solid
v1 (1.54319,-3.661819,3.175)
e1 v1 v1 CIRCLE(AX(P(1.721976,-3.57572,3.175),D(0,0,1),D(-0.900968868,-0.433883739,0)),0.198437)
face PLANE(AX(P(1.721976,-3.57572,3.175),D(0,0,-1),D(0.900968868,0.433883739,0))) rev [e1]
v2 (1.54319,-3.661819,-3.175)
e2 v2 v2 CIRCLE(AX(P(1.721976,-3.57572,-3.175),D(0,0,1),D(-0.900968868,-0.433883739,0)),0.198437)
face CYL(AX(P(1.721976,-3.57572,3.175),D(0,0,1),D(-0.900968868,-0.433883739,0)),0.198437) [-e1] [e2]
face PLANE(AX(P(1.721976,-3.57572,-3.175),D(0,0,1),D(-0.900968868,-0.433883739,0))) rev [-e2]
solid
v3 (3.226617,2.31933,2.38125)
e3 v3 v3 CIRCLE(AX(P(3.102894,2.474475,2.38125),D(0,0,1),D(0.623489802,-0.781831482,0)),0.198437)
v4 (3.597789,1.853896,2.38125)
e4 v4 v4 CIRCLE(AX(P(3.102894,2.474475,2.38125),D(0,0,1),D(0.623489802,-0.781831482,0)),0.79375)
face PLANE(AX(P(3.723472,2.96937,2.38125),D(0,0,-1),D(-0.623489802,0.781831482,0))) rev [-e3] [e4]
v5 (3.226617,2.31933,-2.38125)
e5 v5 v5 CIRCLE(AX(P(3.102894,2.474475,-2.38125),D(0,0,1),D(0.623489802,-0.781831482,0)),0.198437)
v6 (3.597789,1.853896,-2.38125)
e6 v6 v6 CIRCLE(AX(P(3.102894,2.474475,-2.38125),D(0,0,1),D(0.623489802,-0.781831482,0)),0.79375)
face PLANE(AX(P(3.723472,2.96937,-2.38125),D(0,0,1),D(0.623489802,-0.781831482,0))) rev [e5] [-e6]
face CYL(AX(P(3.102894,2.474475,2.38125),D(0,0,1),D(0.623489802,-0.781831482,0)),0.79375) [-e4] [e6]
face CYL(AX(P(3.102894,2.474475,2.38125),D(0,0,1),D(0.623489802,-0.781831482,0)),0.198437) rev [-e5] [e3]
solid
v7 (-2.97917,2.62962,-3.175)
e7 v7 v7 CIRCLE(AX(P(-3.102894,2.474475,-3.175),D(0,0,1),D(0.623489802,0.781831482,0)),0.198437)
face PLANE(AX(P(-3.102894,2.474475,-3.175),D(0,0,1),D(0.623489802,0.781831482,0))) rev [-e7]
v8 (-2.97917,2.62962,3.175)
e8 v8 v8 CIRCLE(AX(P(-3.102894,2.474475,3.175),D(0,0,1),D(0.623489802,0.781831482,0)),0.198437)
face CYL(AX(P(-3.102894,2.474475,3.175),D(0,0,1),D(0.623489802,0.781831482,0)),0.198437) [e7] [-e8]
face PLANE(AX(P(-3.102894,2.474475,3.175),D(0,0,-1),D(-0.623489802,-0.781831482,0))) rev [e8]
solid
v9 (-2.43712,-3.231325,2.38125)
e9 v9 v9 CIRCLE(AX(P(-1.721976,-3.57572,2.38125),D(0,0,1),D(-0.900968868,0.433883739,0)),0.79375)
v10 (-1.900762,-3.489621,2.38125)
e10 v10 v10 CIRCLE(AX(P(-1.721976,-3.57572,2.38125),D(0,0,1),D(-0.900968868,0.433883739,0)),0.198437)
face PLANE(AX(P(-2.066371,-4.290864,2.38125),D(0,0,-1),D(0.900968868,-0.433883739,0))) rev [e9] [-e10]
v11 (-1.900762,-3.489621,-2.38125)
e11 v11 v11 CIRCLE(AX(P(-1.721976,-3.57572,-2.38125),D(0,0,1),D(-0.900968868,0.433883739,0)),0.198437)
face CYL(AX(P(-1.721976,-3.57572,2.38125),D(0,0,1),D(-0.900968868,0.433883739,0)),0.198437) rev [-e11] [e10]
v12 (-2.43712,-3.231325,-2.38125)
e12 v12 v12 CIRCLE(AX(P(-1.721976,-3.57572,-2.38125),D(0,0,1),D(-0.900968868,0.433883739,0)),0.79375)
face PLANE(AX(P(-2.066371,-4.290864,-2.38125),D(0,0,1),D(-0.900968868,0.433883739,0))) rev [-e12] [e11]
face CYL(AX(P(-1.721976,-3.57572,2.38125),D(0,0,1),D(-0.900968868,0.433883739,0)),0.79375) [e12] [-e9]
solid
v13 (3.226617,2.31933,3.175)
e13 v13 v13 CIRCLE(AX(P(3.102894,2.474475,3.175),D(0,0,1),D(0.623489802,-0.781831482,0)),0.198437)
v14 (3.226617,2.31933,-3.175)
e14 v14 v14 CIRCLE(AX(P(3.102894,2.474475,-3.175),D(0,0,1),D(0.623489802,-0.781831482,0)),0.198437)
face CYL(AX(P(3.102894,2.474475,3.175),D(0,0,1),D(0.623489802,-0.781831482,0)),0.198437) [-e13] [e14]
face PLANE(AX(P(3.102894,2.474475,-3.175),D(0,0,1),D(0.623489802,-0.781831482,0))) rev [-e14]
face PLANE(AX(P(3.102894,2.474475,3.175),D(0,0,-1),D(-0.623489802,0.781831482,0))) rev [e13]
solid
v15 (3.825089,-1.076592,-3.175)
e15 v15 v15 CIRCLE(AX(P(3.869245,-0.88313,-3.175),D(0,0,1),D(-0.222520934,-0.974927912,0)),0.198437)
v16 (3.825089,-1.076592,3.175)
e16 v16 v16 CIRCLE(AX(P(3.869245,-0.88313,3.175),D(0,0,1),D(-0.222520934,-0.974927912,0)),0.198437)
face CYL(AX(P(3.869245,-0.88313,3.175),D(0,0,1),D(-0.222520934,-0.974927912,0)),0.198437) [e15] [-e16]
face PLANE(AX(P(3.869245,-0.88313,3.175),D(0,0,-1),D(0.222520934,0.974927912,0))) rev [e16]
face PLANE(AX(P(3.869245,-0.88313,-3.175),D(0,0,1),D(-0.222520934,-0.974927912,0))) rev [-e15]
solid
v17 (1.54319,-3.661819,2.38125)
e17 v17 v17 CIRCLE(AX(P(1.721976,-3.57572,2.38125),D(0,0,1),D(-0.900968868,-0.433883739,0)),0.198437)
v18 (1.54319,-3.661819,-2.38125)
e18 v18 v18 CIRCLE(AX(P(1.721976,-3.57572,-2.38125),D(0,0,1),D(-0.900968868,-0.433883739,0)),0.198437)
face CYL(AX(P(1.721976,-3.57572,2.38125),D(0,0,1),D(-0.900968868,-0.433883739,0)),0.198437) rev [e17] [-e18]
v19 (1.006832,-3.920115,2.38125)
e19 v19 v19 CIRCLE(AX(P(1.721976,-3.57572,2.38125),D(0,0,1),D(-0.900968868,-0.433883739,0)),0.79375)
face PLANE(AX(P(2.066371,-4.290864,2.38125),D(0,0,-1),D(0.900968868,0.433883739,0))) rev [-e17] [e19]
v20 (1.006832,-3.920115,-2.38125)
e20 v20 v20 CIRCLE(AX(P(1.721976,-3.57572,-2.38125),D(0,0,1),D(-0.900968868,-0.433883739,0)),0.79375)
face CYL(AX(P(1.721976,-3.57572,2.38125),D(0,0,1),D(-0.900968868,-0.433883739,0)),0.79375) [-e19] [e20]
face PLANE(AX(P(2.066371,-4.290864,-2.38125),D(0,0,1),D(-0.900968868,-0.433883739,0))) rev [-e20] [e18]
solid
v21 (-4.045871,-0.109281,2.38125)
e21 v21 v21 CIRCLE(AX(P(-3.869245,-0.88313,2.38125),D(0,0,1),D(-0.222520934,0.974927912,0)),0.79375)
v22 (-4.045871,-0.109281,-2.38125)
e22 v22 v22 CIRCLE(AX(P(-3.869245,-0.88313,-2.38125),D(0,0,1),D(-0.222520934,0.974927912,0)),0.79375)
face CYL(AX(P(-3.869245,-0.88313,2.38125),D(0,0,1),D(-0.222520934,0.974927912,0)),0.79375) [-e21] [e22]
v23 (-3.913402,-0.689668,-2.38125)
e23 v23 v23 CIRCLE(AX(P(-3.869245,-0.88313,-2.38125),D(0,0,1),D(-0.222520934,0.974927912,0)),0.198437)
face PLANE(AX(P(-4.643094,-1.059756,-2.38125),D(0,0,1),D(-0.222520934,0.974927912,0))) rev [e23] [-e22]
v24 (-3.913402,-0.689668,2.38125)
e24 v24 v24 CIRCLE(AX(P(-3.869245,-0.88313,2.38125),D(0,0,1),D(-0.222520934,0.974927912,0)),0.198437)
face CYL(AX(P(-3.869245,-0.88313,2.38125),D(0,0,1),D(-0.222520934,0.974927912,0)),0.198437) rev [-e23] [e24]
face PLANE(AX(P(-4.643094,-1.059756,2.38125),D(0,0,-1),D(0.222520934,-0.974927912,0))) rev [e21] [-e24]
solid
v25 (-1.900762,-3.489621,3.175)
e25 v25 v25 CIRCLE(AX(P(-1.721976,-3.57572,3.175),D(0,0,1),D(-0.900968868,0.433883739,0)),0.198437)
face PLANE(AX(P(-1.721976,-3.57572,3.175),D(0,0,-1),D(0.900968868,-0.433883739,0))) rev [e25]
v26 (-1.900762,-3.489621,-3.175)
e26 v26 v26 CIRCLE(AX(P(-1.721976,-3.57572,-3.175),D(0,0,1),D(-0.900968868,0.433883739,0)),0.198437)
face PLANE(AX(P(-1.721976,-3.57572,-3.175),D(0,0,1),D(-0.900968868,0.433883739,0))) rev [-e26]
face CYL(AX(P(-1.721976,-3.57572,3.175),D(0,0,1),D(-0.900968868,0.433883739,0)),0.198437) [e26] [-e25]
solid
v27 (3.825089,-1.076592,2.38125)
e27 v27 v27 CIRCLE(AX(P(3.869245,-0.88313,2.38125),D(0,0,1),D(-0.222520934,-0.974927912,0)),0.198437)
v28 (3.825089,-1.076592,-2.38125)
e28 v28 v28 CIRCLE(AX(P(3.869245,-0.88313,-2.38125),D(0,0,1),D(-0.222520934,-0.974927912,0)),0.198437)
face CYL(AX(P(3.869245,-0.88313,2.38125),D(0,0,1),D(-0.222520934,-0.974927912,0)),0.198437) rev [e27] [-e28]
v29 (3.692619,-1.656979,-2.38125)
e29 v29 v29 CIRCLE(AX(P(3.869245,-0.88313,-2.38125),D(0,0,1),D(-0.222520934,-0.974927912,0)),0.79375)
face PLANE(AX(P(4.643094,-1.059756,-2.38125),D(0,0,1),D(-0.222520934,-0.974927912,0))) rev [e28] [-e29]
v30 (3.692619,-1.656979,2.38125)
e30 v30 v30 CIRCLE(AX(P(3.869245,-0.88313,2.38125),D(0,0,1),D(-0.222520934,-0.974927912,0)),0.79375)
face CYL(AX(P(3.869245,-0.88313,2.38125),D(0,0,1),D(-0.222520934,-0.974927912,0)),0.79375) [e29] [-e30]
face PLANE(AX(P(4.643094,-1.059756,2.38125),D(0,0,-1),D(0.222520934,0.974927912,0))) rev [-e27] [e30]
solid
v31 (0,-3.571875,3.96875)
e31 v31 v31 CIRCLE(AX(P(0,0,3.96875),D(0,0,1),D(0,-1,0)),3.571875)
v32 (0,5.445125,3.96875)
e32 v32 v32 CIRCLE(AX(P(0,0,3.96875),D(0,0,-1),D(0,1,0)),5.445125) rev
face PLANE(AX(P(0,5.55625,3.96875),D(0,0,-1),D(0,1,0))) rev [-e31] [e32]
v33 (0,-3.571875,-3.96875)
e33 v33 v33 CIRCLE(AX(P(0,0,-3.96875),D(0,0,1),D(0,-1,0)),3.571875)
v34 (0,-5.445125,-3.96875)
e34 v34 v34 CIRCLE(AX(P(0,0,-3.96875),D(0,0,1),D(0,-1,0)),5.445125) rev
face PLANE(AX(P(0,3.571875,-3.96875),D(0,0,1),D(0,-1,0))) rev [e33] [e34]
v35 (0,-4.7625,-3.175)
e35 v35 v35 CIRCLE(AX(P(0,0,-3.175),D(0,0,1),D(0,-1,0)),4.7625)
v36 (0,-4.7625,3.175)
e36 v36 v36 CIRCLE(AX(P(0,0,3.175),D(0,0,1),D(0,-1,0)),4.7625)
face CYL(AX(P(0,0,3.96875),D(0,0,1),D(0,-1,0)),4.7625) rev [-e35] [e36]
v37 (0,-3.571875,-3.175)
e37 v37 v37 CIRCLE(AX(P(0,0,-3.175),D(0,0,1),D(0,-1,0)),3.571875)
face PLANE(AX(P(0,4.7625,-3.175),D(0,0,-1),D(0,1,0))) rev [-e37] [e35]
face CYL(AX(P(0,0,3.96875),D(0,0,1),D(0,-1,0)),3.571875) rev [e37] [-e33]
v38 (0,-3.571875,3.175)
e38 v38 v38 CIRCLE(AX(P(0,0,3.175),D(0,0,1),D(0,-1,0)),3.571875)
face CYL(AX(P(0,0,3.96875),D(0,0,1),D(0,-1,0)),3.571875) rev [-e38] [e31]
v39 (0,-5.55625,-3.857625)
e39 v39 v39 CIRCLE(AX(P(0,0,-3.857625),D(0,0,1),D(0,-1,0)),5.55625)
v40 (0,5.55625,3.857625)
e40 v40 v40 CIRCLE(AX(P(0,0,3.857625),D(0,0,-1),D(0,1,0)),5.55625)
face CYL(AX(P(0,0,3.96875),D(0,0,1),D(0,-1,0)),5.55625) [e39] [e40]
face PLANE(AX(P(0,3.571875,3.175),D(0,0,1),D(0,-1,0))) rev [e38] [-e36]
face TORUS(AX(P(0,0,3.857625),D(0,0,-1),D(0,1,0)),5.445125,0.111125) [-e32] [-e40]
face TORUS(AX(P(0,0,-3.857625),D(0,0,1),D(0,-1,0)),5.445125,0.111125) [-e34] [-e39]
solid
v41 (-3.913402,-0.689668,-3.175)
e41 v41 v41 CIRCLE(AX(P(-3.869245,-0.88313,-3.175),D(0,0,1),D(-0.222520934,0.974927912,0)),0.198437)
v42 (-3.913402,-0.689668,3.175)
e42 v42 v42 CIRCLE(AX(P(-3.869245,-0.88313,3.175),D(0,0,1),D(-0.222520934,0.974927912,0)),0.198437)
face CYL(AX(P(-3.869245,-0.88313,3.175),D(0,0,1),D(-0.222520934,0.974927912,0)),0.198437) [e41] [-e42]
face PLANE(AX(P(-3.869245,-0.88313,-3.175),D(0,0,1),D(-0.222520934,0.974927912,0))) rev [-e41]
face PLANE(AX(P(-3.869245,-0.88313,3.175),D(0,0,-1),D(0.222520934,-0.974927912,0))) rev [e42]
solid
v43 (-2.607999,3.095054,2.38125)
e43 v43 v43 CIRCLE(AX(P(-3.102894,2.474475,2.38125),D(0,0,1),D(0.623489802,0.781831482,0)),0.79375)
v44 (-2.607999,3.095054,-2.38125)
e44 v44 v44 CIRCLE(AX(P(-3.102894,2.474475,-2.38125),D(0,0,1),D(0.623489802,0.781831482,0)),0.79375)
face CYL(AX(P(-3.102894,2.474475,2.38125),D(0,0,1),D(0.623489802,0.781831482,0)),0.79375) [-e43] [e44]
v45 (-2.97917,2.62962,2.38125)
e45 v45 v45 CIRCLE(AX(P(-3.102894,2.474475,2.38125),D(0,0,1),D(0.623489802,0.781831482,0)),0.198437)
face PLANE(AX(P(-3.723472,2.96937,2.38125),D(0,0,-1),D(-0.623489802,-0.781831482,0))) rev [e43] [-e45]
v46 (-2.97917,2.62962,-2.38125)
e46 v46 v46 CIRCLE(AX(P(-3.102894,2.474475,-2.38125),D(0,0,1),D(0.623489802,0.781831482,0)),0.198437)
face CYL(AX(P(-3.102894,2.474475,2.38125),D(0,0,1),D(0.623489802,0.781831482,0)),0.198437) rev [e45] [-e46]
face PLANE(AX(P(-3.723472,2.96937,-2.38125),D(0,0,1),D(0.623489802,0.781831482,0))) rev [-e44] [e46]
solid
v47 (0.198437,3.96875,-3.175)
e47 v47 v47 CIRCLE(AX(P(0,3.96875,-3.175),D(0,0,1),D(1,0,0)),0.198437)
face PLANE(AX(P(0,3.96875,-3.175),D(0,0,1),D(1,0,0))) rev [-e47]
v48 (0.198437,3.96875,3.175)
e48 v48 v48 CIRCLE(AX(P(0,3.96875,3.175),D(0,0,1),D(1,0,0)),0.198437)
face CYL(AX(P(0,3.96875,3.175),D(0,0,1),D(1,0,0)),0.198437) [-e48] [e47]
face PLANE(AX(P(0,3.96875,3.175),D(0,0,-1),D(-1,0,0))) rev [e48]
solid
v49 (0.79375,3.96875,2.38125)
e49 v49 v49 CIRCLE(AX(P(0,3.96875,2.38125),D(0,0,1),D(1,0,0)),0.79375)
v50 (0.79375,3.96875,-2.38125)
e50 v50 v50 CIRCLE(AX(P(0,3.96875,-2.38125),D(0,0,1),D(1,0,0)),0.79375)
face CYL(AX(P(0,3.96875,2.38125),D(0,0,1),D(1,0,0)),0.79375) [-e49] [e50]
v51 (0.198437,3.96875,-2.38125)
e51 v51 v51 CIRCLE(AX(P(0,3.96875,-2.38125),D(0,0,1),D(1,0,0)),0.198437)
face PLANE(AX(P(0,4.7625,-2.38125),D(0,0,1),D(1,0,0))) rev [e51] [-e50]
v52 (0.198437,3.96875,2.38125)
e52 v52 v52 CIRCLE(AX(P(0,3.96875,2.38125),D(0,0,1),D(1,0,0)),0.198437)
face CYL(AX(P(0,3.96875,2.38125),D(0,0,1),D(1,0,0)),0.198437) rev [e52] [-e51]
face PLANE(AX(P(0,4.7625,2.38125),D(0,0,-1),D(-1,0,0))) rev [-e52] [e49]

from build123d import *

# Parameters (mm, degrees)
SKETCH2_W         = 4.7625
SKETCH2_H         = 0.5953125
SKETCH3_W         = 6.35
SKETCH3_H         = 0.1984375
CIRPATTERN1_COUNT = 7
CIRPATTERN1_ANGLE = 308.571428571
FILLET1_R         = 0.111125


with BuildPart() as part:
    # Sketch1 → Revolve1 (revolve)
    with BuildSketch(Plane(origin=(0, 0, 0), x_dir=(0, 0, -1), z_dir=(1, 0, 0)), mode=Mode.PRIVATE) as revolve1_sk:
        Polygon((-3.96875, 5.55625), (3.96875, 5.55625), (3.96875, 3.571875), (3.175, 3.571875), (3.175, 4.7625), (-3.175, 4.7625), (-3.175, 3.571875), (-3.96875, 3.571875), align=None)
    revolve(revolve1_sk.sketch.rotate(Axis((0, 0, 3.96875), (0, 0, -1)), 180), axis=Axis((0, 0, 3.96875), (0, 0, -1)))

    # Fillet1
    fillet1_edges = [part.edges().sort_by_distance(p)[0] for p in [
        (0, 5.55625, 3.96875),
        (0, 5.55625, -3.96875),
    ]]
    fillet(fillet1_edges, radius=FILLET1_R)


with BuildPart() as body_2:
    # Sketch2 → Revolve2 (revolve)
    with BuildSketch(Plane(origin=(0, 0, 0), x_dir=(0, 0, -1), z_dir=(1, 0, 0)), mode=Mode.PRIVATE) as revolve2_sk:
        with Locations((0, 4.46484375)):
            Rectangle(SKETCH2_W, SKETCH2_H)
    revolve(revolve2_sk.sketch.rotate(Axis((0, 3.96875, 2.38125), (0, 0, -1)), 90), axis=Axis((0, 3.96875, 2.38125), (0, 0, -1)))


with BuildPart() as body_3:
    # Sketch3 → Revolve3 (revolve)
    with BuildSketch(Plane(origin=(0, 0, 0), x_dir=(0, 0, -1), z_dir=(1, 0, 0))):
        with Locations((0, 4.06796875)):
            Rectangle(SKETCH3_W, SKETCH3_H)
    revolve(axis=Axis((0, 3.96875, 3.175), (0, 0, -1)))


with BuildPart() as cirpattern1_1:
    # CirPattern1: pattern copy
    add(body_2.part.rotate(Axis((0, 0, -3.96875), (0, 0, 1)), 1 * CIRPATTERN1_ANGLE / (CIRPATTERN1_COUNT - 1)))


with BuildPart() as cirpattern1_2:
    # CirPattern1: pattern copy
    add(body_2.part.rotate(Axis((0, 0, -3.96875), (0, 0, 1)), 2 * CIRPATTERN1_ANGLE / (CIRPATTERN1_COUNT - 1)))


with BuildPart() as cirpattern1_3:
    # CirPattern1: pattern copy
    add(body_2.part.rotate(Axis((0, 0, -3.96875), (0, 0, 1)), 3 * CIRPATTERN1_ANGLE / (CIRPATTERN1_COUNT - 1)))


with BuildPart() as cirpattern1_4:
    # CirPattern1: pattern copy
    add(body_2.part.rotate(Axis((0, 0, -3.96875), (0, 0, 1)), 4 * CIRPATTERN1_ANGLE / (CIRPATTERN1_COUNT - 1)))


with BuildPart() as cirpattern1_5:
    # CirPattern1: pattern copy
    add(body_2.part.rotate(Axis((0, 0, -3.96875), (0, 0, 1)), 5 * CIRPATTERN1_ANGLE / (CIRPATTERN1_COUNT - 1)))


with BuildPart() as cirpattern1_6:
    # CirPattern1: pattern copy
    add(body_2.part.rotate(Axis((0, 0, -3.96875), (0, 0, 1)), 6 * CIRPATTERN1_ANGLE / (CIRPATTERN1_COUNT - 1)))


with BuildPart() as cirpattern1_7:
    # CirPattern1: pattern copy
    add(body_3.part.rotate(Axis((0, 0, -3.96875), (0, 0, 1)), 1 * CIRPATTERN1_ANGLE / (CIRPATTERN1_COUNT - 1)))


with BuildPart() as cirpattern1_8:
    # CirPattern1: pattern copy
    add(body_3.part.rotate(Axis((0, 0, -3.96875), (0, 0, 1)), 2 * CIRPATTERN1_ANGLE / (CIRPATTERN1_COUNT - 1)))


with BuildPart() as cirpattern1_9:
    # CirPattern1: pattern copy
    add(body_3.part.rotate(Axis((0, 0, -3.96875), (0, 0, 1)), 3 * CIRPATTERN1_ANGLE / (CIRPATTERN1_COUNT - 1)))


with BuildPart() as cirpattern1_10:
    # CirPattern1: pattern copy
    add(body_3.part.rotate(Axis((0, 0, -3.96875), (0, 0, 1)), 4 * CIRPATTERN1_ANGLE / (CIRPATTERN1_COUNT - 1)))


with BuildPart() as cirpattern1_11:
    # CirPattern1: pattern copy
    add(body_3.part.rotate(Axis((0, 0, -3.96875), (0, 0, 1)), 5 * CIRPATTERN1_ANGLE / (CIRPATTERN1_COUNT - 1)))


with BuildPart() as cirpattern1_12:
    # CirPattern1: pattern copy
    add(body_3.part.rotate(Axis((0, 0, -3.96875), (0, 0, 1)), 6 * CIRPATTERN1_ANGLE / (CIRPATTERN1_COUNT - 1)))


solid = Compound([part.part, body_2.part, body_3.part, cirpattern1_1.part, cirpattern1_2.part, cirpattern1_3.part, cirpattern1_4.part, cirpattern1_5.part, cirpattern1_6.part, cirpattern1_7.part, cirpattern1_8.part, cirpattern1_9.part, cirpattern1_10.part, cirpattern1_11.part, cirpattern1_12.part])
